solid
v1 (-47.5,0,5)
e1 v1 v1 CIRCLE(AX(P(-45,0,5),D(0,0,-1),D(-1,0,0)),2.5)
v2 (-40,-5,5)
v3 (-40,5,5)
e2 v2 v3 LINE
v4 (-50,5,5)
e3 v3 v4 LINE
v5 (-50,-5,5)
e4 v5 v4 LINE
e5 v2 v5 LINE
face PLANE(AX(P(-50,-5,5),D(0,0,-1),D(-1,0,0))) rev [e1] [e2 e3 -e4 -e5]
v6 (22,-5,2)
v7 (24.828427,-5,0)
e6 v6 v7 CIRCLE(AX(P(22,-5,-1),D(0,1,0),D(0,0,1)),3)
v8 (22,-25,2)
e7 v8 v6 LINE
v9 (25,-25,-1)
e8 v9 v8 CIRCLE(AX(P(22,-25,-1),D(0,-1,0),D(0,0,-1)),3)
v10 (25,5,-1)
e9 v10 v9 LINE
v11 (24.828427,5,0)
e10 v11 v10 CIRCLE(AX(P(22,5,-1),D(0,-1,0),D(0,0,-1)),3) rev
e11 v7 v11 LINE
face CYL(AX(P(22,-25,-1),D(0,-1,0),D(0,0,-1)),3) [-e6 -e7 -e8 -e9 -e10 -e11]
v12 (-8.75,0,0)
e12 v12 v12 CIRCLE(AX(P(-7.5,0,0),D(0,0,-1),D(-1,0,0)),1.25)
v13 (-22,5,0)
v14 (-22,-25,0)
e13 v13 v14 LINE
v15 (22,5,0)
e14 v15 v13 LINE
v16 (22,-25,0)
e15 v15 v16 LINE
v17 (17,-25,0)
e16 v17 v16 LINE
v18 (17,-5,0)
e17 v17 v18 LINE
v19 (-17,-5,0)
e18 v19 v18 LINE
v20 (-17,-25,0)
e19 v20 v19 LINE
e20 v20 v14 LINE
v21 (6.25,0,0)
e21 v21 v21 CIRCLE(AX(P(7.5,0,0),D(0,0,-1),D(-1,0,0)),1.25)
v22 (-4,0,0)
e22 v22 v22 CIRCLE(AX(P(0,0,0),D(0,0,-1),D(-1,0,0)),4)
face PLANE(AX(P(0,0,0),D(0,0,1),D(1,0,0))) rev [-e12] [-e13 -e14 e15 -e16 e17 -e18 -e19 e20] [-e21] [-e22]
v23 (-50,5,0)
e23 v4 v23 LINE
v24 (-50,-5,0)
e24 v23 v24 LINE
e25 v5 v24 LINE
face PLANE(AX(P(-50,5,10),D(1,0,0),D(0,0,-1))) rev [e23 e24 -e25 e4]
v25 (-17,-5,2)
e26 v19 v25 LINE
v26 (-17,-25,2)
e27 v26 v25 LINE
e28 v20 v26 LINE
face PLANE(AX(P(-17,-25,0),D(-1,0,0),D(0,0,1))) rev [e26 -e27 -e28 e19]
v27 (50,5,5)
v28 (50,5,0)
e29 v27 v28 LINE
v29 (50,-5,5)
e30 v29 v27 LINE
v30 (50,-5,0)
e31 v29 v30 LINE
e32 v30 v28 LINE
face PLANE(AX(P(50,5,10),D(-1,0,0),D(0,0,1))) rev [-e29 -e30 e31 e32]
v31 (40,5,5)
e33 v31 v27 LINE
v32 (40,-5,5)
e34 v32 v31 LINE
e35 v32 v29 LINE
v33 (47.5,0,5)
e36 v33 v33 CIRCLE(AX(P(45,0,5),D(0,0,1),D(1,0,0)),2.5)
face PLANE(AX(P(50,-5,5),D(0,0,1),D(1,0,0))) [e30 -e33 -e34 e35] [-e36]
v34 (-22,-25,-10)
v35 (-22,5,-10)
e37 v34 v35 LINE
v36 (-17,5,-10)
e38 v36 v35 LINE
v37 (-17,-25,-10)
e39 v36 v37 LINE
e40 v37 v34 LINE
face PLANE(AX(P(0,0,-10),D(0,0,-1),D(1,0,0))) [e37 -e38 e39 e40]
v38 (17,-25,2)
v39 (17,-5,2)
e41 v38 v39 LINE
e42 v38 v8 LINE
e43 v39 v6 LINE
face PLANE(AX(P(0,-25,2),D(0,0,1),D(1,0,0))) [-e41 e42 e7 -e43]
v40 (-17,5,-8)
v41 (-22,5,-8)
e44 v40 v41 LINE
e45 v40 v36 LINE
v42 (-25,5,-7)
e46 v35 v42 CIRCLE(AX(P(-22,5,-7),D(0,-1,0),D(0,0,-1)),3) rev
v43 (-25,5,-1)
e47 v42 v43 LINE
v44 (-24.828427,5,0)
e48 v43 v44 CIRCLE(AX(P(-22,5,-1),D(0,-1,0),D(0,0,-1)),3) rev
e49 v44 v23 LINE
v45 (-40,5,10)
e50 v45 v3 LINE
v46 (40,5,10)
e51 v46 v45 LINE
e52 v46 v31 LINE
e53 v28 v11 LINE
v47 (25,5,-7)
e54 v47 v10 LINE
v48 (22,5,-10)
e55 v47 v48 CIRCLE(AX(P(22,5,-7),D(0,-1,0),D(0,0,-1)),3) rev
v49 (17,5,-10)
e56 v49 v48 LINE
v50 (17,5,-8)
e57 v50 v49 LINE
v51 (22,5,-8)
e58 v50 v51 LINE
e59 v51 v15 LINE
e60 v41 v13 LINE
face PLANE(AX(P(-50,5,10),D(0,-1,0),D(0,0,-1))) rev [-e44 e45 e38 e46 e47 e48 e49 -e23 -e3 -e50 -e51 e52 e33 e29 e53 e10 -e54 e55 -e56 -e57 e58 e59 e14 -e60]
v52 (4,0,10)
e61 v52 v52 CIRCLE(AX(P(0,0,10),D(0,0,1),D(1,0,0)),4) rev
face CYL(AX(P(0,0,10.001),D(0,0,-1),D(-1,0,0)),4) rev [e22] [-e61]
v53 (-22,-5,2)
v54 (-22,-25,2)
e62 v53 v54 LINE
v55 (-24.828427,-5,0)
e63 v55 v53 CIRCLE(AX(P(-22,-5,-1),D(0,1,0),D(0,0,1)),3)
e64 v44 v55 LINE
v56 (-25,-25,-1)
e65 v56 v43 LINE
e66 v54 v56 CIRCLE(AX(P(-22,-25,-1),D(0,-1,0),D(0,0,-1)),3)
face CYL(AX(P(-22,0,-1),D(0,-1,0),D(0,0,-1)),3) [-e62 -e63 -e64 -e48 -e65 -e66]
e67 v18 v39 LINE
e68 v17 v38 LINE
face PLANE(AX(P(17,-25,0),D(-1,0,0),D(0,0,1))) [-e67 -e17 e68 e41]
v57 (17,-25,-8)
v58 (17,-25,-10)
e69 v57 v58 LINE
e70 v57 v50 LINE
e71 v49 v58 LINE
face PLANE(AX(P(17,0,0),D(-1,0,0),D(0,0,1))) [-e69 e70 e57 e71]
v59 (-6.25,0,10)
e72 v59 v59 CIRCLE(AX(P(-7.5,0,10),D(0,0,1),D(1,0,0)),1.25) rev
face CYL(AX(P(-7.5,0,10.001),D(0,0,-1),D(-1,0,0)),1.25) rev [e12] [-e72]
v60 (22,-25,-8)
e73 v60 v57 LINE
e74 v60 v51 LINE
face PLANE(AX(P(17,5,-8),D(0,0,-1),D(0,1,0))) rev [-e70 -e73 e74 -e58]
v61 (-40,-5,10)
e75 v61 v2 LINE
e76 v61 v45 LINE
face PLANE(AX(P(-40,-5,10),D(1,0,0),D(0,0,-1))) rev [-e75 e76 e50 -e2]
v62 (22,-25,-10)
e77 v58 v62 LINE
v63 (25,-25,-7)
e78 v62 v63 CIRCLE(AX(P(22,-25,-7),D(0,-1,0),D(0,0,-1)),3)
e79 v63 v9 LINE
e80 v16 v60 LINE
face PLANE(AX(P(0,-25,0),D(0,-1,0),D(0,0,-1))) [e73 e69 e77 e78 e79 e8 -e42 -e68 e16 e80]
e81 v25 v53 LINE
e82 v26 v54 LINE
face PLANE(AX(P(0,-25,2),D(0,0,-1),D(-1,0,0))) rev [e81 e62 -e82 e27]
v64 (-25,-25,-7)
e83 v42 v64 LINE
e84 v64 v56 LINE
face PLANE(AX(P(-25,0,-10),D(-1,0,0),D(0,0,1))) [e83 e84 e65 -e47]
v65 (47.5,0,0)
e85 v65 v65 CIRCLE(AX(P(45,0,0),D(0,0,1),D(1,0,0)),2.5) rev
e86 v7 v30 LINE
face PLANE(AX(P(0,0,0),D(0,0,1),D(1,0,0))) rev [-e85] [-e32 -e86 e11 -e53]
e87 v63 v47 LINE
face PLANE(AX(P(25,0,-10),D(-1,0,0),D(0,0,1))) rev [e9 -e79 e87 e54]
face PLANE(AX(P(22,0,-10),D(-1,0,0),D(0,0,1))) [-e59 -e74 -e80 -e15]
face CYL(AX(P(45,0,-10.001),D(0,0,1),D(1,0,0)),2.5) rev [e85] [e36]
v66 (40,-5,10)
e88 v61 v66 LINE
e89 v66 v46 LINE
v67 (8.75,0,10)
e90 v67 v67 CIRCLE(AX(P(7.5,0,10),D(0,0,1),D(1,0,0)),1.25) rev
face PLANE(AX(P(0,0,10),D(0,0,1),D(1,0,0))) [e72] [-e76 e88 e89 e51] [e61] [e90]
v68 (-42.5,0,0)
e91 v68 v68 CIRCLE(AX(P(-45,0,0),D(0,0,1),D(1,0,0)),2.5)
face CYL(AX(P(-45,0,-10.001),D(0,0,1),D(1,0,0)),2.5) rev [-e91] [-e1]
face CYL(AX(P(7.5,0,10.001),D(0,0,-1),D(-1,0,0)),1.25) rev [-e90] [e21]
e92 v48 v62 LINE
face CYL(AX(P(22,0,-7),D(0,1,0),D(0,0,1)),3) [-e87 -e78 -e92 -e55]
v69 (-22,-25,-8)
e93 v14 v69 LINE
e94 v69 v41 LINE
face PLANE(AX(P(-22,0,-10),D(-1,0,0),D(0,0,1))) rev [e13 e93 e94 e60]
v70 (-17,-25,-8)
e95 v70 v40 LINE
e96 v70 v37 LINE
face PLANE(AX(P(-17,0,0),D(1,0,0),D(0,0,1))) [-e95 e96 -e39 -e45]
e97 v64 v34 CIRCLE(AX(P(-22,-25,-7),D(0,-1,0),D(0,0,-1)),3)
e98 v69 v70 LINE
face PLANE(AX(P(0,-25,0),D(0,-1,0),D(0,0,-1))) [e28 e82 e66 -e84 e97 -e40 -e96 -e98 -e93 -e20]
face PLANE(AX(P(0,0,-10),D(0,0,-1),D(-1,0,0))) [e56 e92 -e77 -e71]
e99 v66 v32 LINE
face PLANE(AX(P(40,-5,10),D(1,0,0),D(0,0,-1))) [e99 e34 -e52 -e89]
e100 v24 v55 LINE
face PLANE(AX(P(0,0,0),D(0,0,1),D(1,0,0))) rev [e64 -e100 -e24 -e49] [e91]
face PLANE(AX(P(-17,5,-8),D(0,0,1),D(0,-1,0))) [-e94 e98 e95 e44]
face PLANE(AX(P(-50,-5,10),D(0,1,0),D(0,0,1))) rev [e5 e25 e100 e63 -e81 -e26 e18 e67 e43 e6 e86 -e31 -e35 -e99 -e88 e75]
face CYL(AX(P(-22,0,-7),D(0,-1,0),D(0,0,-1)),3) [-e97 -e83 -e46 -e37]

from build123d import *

# Parameters (mm, degrees)
SKETCH1_W           = 100
SKETCH1_H           = 10
BOSS_EXTRUDE1_DEPTH = 10
SKETCH6_W           = 3
SKETCH6_H           = 10
BOSS_EXTRUDE2_DEPTH = 10
SKETCH8_W           = 2
SKETCH8_H           = 10
BOSS_EXTRUDE3_DEPTH = 5
BOSS_EXTRUDE4_DEPTH = 20
SKETCH2_W           = 10
SKETCH2_H           = 5
CUT_EXTRUDE1_DEPTH  = 10
CUT_EXTRUDE2_REACH  = 59.879
SKETCH10_R          = 2.5
CUT_EXTRUDE3_REACH  = 58.789
SKETCH13_R          = 4
SKETCH13_R_2        = 1.25
FILLET1_R           = 3
FILLET2_R           = 3


with BuildPart() as part:
    # Sketch1 → Boss-Extrude1 (new body)
    with BuildSketch(Plane.XY):
        Rectangle(SKETCH1_W, SKETCH1_H)
    extrude(amount=BOSS_EXTRUDE1_DEPTH)

    # Sketch6 → Boss-Extrude2 (add)
    with BuildSketch(Plane(origin=(0, 0, 0), x_dir=(-1, 0, 0), z_dir=(0, 0, -1))):
        with Locations((-23.5, 0)):
            Rectangle(SKETCH6_W, SKETCH6_H)
    boss_extrude2 = extrude(amount=BOSS_EXTRUDE2_DEPTH)

    # Sketch8 → Boss-Extrude3 (add)
    with BuildSketch(Plane.ZY.offset(-22)):
        with Locations((-9, 0)):
            Rectangle(SKETCH8_W, SKETCH8_H)
    boss_extrude3 = extrude(amount=BOSS_EXTRUDE3_DEPTH)

    # Sketch9 → Boss-Extrude4 (add)
    with BuildSketch(Plane.XZ.offset(5)):
        Polygon((17, 2), (17, 0), (22, 0), (22, -8), (17, -8), (17, -10), (25, -10), (25, 0), (25, 2), align=None)
    boss_extrude4 = extrude(amount=BOSS_EXTRUDE4_DEPTH)

    # Mirror3: Boss-Extrude2, Boss-Extrude3, Boss-Extrude4 across plane
    add(boss_extrude2.mirror(Plane(origin=(0, 0, 0), x_dir=(0, 0, 1), z_dir=(1, 0, 0))))
    add(boss_extrude3.mirror(Plane(origin=(0, 0, 0), x_dir=(0, 0, 1), z_dir=(1, 0, 0))))
    add(boss_extrude4.mirror(Plane(origin=(0, 0, 0), x_dir=(0, 0, 1), z_dir=(1, 0, 0))))

    # Sketch2 → Cut-Extrude1 (cut)
    with BuildSketch(Plane(origin=(0, 5, 0), x_dir=(1, 0, 0), z_dir=(0, 1, 0))):
        with Locations((-45, -7.5)):
            Rectangle(SKETCH2_W, SKETCH2_H)
    cut_extrude1 = extrude(amount=-CUT_EXTRUDE1_DEPTH, mode=Mode.SUBTRACT)

    # Mirror4: Cut-Extrude1 across plane
    add(cut_extrude1.mirror(Plane(origin=(0, 0, 0), x_dir=(0, 0, 1), z_dir=(1, 0, 0))), mode=Mode.SUBTRACT)

    # Sketch10 → Cut-Extrude2 (cut, up to next)
    with BuildSketch(Plane.XY.offset(5), mode=Mode.PRIVATE) as cut_extrude2_sk1:
        with Locations((45, 0)):
            Circle(SKETCH10_R)
    cut_extrude2_tool1 = extrude(cut_extrude2_sk1.sketch, amount=-CUT_EXTRUDE2_REACH, mode=Mode.PRIVATE) & part.part
    cut_extrude2 = cut_extrude2_tool1.solids().sort_by_distance((45, 0, 5))[0]
    add(cut_extrude2, mode=Mode.SUBTRACT)

    # Mirror5: Cut-Extrude2 across plane
    add(cut_extrude2.mirror(Plane(origin=(0, 0, 0), x_dir=(0, 0, 1), z_dir=(1, 0, 0))), mode=Mode.SUBTRACT)

    # Sketch13 → Cut-Extrude3 (cut, up to next)
    with BuildSketch(Plane(origin=(0, 0, 0), x_dir=(-1, 0, 0), z_dir=(0, 0, -1)), mode=Mode.PRIVATE) as cut_extrude3_sk1:
        Circle(SKETCH13_R)
    cut_extrude3_tool1 = extrude(cut_extrude3_sk1.sketch, amount=-CUT_EXTRUDE3_REACH, mode=Mode.PRIVATE) & part.part
    # Sketch13 → Cut-Extrude3 (cut, up to next)
    with BuildSketch(Plane(origin=(0, 0, 0), x_dir=(-1, 0, 0), z_dir=(0, 0, -1)), mode=Mode.PRIVATE) as cut_extrude3_sk2:
        with Locations((-7.5, 0)):
            Circle(SKETCH13_R_2)
    cut_extrude3_tool2 = extrude(cut_extrude3_sk2.sketch, amount=-CUT_EXTRUDE3_REACH, mode=Mode.PRIVATE) & part.part
    # Sketch13 → Cut-Extrude3 (cut, up to next)
    with BuildSketch(Plane(origin=(0, 0, 0), x_dir=(-1, 0, 0), z_dir=(0, 0, -1)), mode=Mode.PRIVATE) as cut_extrude3_sk3:
        with Locations((7.5, 0)):
            Circle(SKETCH13_R_2)
    cut_extrude3_tool3 = extrude(cut_extrude3_sk3.sketch, amount=-CUT_EXTRUDE3_REACH, mode=Mode.PRIVATE) & part.part
    add(cut_extrude3_tool1.solids().sort_by_distance((0, 0, 0))[0], mode=Mode.SUBTRACT)
    add(cut_extrude3_tool2.solids().sort_by_distance((7.5, 0, 0))[0], mode=Mode.SUBTRACT)
    add(cut_extrude3_tool3.solids().sort_by_distance((-7.5, 0, 0))[0], mode=Mode.SUBTRACT)

    # Fillet1
    fillet1_edges = [part.edges().sort_by_distance(p)[0] for p in [
        (25, -10, -10),
        (-25, -10, -10),
    ]]
    fillet(fillet1_edges, radius=FILLET1_R)

    # Fillet2
    fillet2_edges = [part.edges().sort_by_distance(p)[0] for p in [
        (-25, -15, 2),
        (25, -15, 2),
    ]]
    fillet(fillet2_edges, radius=FILLET2_R)


solid = part.part
